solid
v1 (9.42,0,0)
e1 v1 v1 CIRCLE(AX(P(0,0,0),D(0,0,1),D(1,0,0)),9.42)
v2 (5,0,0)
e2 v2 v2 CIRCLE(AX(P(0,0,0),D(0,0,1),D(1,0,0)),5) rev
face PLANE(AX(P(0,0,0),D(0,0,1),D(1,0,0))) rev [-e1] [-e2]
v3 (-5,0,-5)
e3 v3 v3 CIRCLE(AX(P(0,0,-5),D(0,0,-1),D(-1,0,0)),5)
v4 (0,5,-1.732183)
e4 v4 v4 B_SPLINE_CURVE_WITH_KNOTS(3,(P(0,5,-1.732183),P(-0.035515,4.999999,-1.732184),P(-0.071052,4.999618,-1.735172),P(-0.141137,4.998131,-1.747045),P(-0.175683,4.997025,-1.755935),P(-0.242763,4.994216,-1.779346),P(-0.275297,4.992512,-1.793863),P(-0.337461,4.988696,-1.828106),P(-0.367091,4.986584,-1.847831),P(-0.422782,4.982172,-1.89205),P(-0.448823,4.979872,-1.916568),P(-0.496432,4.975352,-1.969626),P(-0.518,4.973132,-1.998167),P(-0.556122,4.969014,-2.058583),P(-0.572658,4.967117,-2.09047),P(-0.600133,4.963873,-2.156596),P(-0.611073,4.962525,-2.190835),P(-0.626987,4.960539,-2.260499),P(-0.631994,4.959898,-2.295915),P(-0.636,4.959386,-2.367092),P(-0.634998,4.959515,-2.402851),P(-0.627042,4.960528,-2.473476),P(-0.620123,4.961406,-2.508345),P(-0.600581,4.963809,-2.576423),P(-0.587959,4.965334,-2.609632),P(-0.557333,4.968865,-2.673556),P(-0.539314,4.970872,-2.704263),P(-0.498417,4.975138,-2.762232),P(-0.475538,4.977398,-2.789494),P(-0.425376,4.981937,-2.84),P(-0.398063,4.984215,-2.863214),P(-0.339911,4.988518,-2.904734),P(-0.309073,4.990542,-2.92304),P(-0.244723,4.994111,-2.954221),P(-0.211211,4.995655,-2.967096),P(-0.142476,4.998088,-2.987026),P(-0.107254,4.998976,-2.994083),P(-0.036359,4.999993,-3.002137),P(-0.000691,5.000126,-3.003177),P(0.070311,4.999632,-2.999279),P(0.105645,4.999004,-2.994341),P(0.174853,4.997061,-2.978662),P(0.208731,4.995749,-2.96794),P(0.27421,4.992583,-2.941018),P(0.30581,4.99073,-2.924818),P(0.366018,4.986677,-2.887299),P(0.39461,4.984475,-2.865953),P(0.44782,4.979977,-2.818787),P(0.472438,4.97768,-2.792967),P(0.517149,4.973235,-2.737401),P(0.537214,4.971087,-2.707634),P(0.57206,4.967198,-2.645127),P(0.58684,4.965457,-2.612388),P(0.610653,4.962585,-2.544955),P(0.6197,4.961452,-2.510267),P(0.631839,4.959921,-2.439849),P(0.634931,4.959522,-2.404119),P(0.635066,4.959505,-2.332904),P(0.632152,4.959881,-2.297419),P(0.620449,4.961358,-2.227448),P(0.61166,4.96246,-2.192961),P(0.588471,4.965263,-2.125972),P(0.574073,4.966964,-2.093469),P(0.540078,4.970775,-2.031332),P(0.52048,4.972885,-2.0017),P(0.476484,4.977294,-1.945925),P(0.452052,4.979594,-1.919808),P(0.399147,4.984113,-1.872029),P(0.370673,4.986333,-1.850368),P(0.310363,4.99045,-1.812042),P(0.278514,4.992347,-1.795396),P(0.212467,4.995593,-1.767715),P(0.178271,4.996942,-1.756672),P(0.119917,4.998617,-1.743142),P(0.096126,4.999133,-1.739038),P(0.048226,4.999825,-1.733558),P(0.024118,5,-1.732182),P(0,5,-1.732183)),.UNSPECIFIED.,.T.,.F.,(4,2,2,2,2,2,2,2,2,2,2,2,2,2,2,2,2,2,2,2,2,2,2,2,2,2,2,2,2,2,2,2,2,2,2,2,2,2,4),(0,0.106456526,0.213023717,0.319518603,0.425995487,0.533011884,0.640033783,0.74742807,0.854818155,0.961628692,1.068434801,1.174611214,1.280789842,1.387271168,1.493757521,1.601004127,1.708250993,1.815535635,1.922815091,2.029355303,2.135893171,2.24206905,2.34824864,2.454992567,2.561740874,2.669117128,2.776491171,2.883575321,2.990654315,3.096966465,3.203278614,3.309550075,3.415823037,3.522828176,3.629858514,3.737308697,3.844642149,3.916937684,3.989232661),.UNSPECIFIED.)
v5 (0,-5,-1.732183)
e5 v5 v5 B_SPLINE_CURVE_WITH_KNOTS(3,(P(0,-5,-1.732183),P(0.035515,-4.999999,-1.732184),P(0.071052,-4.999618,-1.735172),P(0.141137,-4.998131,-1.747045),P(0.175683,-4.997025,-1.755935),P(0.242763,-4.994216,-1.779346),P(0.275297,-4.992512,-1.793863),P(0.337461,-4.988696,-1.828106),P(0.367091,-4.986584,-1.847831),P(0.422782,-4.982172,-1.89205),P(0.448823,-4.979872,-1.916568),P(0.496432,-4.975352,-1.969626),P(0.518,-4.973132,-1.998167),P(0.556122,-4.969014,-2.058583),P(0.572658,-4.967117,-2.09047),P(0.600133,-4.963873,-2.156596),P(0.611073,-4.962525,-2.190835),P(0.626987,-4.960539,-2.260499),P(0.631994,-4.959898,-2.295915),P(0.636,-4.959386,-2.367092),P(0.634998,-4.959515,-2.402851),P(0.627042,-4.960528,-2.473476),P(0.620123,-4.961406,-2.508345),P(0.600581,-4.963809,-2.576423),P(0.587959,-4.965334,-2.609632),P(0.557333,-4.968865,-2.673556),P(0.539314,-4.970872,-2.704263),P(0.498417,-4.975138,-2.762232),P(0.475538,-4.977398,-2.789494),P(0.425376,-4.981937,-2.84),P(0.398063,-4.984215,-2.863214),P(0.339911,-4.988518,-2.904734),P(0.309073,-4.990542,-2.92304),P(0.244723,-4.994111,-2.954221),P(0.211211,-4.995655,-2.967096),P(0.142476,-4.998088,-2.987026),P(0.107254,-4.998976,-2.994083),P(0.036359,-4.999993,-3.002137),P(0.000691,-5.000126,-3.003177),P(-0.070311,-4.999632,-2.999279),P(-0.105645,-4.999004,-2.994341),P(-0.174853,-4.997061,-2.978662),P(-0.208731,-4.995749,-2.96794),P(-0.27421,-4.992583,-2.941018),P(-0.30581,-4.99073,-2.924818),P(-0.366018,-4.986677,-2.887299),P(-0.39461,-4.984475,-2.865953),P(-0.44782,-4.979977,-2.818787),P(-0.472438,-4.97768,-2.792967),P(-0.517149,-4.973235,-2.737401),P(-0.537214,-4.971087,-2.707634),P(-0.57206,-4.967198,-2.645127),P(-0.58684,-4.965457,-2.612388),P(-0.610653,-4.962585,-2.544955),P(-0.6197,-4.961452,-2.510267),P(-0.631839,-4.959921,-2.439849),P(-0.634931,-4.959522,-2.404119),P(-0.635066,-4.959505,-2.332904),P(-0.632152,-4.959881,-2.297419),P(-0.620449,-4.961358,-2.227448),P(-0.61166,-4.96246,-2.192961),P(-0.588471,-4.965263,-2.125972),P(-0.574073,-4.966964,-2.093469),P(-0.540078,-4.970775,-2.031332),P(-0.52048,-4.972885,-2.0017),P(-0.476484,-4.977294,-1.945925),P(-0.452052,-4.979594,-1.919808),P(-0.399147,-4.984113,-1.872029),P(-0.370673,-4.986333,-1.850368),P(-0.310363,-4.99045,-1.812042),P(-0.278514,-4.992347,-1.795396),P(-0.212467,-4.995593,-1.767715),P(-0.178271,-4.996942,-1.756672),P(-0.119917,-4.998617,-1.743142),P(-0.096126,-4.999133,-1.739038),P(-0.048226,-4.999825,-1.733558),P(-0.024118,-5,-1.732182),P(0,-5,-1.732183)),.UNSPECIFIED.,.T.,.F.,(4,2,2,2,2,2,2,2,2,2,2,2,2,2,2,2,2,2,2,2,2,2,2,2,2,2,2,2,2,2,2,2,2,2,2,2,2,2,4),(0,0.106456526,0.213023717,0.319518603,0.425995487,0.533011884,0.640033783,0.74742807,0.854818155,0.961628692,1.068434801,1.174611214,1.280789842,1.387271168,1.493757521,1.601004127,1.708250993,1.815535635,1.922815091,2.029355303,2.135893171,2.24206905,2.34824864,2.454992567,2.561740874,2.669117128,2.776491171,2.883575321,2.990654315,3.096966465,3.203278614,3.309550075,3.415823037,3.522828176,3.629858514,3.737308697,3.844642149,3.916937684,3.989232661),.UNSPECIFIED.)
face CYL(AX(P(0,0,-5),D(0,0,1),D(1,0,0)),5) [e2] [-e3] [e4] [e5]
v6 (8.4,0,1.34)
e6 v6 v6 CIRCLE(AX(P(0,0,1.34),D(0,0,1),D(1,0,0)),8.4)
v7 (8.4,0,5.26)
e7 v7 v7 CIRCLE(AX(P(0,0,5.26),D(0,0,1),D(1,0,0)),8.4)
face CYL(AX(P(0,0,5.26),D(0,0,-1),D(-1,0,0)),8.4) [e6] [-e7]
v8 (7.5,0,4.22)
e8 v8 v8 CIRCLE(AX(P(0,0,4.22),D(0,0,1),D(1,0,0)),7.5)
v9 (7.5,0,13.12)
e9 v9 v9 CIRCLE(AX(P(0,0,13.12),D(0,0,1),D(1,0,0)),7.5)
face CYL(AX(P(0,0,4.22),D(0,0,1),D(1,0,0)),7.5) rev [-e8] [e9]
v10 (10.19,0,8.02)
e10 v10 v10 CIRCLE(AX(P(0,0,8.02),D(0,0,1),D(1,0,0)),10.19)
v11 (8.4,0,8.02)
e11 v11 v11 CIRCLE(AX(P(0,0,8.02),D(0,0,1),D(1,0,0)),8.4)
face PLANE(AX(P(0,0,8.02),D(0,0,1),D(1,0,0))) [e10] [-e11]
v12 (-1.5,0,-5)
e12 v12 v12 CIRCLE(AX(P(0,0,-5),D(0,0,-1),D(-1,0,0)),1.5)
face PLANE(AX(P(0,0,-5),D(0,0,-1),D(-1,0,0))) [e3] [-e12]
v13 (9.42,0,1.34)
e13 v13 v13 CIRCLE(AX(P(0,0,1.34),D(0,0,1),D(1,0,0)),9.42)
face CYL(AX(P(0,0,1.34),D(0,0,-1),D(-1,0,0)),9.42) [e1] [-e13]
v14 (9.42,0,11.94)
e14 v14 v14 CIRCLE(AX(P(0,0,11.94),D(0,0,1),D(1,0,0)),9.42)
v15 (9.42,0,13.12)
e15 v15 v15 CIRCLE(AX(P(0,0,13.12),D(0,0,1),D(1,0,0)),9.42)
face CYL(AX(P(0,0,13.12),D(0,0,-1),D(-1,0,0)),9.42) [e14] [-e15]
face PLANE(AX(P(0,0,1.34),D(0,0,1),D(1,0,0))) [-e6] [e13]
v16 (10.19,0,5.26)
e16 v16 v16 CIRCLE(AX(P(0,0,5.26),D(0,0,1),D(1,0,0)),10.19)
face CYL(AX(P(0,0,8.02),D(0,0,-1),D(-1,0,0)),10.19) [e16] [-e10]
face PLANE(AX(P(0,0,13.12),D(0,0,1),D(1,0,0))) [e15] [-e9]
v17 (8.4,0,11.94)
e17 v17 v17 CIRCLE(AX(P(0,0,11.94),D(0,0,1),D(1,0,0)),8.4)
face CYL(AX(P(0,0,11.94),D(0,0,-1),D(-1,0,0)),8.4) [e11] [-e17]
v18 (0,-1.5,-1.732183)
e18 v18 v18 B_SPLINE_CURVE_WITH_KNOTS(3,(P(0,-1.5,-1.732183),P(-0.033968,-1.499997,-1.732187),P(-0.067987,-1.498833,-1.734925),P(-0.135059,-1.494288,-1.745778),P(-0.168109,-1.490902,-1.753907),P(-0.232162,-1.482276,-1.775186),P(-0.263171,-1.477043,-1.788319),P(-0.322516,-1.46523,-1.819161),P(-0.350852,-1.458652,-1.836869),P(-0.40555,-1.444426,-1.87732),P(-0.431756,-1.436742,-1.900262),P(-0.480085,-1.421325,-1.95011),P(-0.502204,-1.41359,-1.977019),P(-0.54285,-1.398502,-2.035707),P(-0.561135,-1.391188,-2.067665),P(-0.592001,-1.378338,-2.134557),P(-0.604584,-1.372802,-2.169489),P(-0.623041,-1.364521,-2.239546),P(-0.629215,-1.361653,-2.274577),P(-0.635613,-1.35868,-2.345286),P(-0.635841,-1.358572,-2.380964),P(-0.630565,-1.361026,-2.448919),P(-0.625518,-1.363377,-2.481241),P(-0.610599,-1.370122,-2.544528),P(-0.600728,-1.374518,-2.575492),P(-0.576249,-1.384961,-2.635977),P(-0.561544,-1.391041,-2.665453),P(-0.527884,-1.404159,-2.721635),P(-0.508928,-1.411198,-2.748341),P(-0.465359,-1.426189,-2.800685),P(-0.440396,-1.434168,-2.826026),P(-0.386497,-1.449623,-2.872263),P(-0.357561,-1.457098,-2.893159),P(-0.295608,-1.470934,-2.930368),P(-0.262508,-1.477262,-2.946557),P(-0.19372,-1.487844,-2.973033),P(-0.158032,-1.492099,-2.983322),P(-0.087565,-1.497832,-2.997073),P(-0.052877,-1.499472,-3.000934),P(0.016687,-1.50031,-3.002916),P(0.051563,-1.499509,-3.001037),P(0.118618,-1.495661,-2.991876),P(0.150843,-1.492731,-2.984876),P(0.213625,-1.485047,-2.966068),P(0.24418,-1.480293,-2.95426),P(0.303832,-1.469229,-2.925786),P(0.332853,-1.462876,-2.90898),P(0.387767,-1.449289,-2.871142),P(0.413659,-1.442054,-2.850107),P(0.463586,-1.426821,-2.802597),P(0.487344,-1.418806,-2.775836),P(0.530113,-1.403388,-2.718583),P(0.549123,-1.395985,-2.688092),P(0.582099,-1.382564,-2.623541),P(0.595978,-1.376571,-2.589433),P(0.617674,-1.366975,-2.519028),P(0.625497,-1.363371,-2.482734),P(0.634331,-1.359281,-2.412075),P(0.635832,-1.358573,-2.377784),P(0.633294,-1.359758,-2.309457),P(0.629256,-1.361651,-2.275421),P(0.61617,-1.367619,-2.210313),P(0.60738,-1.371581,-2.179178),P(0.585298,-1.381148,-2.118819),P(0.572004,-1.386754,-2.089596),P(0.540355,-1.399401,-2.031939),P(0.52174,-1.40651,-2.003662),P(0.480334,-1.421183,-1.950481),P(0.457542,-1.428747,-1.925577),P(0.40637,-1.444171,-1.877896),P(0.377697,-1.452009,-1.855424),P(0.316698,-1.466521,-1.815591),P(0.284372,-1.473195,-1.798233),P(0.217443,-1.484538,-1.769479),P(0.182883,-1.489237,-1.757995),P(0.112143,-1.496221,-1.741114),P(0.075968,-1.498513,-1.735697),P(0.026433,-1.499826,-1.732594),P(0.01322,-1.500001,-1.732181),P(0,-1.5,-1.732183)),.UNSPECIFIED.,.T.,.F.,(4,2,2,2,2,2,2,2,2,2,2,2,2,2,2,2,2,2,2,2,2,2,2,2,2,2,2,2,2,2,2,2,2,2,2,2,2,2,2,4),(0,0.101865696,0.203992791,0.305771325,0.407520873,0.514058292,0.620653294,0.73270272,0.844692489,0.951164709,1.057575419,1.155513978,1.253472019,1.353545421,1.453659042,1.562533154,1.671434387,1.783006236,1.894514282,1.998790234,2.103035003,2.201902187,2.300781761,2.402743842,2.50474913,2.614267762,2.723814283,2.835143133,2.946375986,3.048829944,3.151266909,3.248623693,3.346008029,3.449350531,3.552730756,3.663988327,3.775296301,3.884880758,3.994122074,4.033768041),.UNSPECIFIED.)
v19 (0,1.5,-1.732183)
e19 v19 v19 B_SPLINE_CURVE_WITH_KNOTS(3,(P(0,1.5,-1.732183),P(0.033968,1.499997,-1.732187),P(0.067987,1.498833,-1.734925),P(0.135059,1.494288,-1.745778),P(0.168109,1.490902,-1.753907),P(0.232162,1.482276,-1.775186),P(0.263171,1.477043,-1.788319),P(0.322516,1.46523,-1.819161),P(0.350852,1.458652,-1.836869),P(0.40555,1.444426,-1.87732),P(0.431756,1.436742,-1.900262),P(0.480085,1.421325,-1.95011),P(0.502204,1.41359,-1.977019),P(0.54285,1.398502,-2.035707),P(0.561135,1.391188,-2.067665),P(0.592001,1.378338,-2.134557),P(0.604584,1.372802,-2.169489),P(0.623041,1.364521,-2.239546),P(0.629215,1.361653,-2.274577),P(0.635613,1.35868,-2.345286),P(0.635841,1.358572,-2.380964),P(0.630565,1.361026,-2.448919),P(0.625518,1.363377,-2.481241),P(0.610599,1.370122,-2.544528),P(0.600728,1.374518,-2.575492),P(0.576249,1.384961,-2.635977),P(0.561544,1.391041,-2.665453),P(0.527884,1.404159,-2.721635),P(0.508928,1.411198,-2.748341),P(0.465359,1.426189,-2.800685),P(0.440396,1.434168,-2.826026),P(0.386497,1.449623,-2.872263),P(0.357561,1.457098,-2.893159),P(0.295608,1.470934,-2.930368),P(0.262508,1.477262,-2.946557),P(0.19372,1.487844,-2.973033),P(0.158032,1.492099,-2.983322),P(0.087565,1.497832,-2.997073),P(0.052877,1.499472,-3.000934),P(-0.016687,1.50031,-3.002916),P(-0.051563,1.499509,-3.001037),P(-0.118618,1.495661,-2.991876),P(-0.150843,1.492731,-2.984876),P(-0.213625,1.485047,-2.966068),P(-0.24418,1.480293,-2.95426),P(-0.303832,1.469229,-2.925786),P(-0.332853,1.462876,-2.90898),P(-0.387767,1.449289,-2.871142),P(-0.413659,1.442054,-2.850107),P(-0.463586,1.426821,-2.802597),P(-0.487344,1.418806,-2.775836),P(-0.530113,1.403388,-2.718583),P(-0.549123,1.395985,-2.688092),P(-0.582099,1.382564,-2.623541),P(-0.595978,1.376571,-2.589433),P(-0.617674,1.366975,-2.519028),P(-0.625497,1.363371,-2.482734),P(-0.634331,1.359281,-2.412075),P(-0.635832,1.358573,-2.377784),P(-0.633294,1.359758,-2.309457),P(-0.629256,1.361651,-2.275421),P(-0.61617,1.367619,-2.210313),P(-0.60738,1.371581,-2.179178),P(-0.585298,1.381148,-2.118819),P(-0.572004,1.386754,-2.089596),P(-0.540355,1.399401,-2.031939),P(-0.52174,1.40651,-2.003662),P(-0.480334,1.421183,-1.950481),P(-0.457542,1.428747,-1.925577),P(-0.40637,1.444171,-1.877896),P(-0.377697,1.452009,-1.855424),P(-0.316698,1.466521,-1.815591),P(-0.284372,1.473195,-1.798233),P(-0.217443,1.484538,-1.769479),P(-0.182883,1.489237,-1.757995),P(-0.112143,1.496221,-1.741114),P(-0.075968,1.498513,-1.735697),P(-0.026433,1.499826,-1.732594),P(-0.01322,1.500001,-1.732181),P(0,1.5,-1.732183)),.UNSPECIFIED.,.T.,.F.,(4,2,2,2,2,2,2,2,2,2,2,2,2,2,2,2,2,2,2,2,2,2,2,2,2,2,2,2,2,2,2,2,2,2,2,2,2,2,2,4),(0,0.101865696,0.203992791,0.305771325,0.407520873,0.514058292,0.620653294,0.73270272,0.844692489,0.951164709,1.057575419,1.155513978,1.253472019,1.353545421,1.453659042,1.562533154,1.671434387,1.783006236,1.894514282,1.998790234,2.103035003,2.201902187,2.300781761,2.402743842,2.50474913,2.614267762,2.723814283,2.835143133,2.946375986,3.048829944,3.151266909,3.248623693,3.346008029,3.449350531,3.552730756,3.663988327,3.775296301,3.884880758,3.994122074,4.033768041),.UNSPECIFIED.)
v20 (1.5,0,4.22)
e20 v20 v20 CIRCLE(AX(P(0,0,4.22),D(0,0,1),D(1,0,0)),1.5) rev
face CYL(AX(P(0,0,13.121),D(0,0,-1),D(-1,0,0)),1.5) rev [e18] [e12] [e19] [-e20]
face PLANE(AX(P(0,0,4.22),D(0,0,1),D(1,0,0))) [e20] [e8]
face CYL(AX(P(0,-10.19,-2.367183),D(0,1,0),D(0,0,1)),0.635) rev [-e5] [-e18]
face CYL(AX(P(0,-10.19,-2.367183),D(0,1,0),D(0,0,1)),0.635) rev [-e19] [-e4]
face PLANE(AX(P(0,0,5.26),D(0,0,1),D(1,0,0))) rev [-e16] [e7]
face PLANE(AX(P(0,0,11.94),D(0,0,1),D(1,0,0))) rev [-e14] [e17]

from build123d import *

# Parameters (mm, degrees)
SZKIC1_R                    = 9.42
DODANIE_WYCI_GNI_CIE1_DEPTH = 1.34
SZKIC2_R                    = 8.4
DODANIE_WYCI_GNI_CIE2_DEPTH = 3.92
SZKIC3_R                    = 10.19
DODANIE_WYCI_GNI_CIE3_DEPTH = 2.76
SZKIC4_R                    = 8.4
DODANIE_WYCI_GNI_CIE4_DEPTH = 3.92
SZKIC5_R                    = 9.42
DODANIE_WYCI_GNI_CIE5_DEPTH = 1.18
SZKIC6_R                    = 7.5
WYTNIJ_WYCI_GNI_CIE1_DEPTH  = 8.9
WYTNIJ_WYCI_GNI_CIE2_REACH  = 15.12
SZKIC7_R                    = 1.5
CROQUIS1_R                  = 5
CROQUIS1_R_2                = 1.5
SALIENTE_EXTRUIR1_DEPTH     = 5
CROQUIS2_R                  = 0.635
CORTAR_EXTRUIR1_DEPTH       = 11.19
CORTAR_EXTRUIR1_DEPTH_BACK  = 11.19


with BuildPart() as part:
    # Szkic1 → Dodanie-wyciągnięcie1 (new body)
    with BuildSketch(Plane.XY):
        Circle(SZKIC1_R)
    extrude(amount=DODANIE_WYCI_GNI_CIE1_DEPTH)

    # Szkic2 → Dodanie-wyciągnięcie2 (add)
    with BuildSketch(Plane.XY.offset(1.34)):
        Circle(SZKIC2_R)
    extrude(amount=DODANIE_WYCI_GNI_CIE2_DEPTH)

    # Szkic3 → Dodanie-wyciągnięcie3 (add)
    with BuildSketch(Plane.XY.offset(5.26)):
        Circle(SZKIC3_R)
    extrude(amount=DODANIE_WYCI_GNI_CIE3_DEPTH)

    # Szkic4 → Dodanie-wyciągnięcie4 (add)
    with BuildSketch(Plane.XY.offset(8.02)):
        Circle(SZKIC4_R)
    extrude(amount=DODANIE_WYCI_GNI_CIE4_DEPTH)

    # Szkic5 → Dodanie-wyciągnięcie5 (add)
    with BuildSketch(Plane.XY.offset(11.94)):
        Circle(SZKIC5_R)
    extrude(amount=DODANIE_WYCI_GNI_CIE5_DEPTH)

    # Szkic6 → Wytnij-wyciągnięcie1 (cut)
    with BuildSketch(Plane.XY.offset(13.12)):
        Circle(SZKIC6_R)
    extrude(amount=-WYTNIJ_WYCI_GNI_CIE1_DEPTH, mode=Mode.SUBTRACT)

    # Szkic7 → Wytnij-wyciągnięcie2 (cut, up to next)
    with BuildSketch(Plane(origin=(0, 0, 0), x_dir=(-1, 0, 0), z_dir=(0, 0, -1)), mode=Mode.PRIVATE) as wytnij_wyci_gni_cie2_sk1:
        Circle(SZKIC7_R)
    wytnij_wyci_gni_cie2_tool1 = extrude(wytnij_wyci_gni_cie2_sk1.sketch, amount=-WYTNIJ_WYCI_GNI_CIE2_REACH, mode=Mode.PRIVATE) & part.part
    add(wytnij_wyci_gni_cie2_tool1.solids().sort_by_distance((0, 0, 0))[0], mode=Mode.SUBTRACT)

    # Croquis1 → Saliente-Extruir1 (add)
    with BuildSketch(Plane(origin=(0, 0, 0), x_dir=(-1, 0, 0), z_dir=(0, 0, -1))):
        Circle(CROQUIS1_R)
        Circle(CROQUIS1_R_2, mode=Mode.SUBTRACT)
    extrude(amount=SALIENTE_EXTRUIR1_DEPTH)

    # Croquis2 → Cortar-Extruir1 (cut, two sides)
    with BuildSketch(Plane(origin=(0, 0, 0), x_dir=(1, 0, 0), z_dir=(0, 1, 0))) as cortar_extruir1_sk:
        with Locations((0, 2.367182901)):
            Circle(CROQUIS2_R)
    extrude(amount=CORTAR_EXTRUIR1_DEPTH, mode=Mode.SUBTRACT)
    extrude(cortar_extruir1_sk.sketch, amount=-CORTAR_EXTRUIR1_DEPTH_BACK, mode=Mode.SUBTRACT)


solid = part.part
